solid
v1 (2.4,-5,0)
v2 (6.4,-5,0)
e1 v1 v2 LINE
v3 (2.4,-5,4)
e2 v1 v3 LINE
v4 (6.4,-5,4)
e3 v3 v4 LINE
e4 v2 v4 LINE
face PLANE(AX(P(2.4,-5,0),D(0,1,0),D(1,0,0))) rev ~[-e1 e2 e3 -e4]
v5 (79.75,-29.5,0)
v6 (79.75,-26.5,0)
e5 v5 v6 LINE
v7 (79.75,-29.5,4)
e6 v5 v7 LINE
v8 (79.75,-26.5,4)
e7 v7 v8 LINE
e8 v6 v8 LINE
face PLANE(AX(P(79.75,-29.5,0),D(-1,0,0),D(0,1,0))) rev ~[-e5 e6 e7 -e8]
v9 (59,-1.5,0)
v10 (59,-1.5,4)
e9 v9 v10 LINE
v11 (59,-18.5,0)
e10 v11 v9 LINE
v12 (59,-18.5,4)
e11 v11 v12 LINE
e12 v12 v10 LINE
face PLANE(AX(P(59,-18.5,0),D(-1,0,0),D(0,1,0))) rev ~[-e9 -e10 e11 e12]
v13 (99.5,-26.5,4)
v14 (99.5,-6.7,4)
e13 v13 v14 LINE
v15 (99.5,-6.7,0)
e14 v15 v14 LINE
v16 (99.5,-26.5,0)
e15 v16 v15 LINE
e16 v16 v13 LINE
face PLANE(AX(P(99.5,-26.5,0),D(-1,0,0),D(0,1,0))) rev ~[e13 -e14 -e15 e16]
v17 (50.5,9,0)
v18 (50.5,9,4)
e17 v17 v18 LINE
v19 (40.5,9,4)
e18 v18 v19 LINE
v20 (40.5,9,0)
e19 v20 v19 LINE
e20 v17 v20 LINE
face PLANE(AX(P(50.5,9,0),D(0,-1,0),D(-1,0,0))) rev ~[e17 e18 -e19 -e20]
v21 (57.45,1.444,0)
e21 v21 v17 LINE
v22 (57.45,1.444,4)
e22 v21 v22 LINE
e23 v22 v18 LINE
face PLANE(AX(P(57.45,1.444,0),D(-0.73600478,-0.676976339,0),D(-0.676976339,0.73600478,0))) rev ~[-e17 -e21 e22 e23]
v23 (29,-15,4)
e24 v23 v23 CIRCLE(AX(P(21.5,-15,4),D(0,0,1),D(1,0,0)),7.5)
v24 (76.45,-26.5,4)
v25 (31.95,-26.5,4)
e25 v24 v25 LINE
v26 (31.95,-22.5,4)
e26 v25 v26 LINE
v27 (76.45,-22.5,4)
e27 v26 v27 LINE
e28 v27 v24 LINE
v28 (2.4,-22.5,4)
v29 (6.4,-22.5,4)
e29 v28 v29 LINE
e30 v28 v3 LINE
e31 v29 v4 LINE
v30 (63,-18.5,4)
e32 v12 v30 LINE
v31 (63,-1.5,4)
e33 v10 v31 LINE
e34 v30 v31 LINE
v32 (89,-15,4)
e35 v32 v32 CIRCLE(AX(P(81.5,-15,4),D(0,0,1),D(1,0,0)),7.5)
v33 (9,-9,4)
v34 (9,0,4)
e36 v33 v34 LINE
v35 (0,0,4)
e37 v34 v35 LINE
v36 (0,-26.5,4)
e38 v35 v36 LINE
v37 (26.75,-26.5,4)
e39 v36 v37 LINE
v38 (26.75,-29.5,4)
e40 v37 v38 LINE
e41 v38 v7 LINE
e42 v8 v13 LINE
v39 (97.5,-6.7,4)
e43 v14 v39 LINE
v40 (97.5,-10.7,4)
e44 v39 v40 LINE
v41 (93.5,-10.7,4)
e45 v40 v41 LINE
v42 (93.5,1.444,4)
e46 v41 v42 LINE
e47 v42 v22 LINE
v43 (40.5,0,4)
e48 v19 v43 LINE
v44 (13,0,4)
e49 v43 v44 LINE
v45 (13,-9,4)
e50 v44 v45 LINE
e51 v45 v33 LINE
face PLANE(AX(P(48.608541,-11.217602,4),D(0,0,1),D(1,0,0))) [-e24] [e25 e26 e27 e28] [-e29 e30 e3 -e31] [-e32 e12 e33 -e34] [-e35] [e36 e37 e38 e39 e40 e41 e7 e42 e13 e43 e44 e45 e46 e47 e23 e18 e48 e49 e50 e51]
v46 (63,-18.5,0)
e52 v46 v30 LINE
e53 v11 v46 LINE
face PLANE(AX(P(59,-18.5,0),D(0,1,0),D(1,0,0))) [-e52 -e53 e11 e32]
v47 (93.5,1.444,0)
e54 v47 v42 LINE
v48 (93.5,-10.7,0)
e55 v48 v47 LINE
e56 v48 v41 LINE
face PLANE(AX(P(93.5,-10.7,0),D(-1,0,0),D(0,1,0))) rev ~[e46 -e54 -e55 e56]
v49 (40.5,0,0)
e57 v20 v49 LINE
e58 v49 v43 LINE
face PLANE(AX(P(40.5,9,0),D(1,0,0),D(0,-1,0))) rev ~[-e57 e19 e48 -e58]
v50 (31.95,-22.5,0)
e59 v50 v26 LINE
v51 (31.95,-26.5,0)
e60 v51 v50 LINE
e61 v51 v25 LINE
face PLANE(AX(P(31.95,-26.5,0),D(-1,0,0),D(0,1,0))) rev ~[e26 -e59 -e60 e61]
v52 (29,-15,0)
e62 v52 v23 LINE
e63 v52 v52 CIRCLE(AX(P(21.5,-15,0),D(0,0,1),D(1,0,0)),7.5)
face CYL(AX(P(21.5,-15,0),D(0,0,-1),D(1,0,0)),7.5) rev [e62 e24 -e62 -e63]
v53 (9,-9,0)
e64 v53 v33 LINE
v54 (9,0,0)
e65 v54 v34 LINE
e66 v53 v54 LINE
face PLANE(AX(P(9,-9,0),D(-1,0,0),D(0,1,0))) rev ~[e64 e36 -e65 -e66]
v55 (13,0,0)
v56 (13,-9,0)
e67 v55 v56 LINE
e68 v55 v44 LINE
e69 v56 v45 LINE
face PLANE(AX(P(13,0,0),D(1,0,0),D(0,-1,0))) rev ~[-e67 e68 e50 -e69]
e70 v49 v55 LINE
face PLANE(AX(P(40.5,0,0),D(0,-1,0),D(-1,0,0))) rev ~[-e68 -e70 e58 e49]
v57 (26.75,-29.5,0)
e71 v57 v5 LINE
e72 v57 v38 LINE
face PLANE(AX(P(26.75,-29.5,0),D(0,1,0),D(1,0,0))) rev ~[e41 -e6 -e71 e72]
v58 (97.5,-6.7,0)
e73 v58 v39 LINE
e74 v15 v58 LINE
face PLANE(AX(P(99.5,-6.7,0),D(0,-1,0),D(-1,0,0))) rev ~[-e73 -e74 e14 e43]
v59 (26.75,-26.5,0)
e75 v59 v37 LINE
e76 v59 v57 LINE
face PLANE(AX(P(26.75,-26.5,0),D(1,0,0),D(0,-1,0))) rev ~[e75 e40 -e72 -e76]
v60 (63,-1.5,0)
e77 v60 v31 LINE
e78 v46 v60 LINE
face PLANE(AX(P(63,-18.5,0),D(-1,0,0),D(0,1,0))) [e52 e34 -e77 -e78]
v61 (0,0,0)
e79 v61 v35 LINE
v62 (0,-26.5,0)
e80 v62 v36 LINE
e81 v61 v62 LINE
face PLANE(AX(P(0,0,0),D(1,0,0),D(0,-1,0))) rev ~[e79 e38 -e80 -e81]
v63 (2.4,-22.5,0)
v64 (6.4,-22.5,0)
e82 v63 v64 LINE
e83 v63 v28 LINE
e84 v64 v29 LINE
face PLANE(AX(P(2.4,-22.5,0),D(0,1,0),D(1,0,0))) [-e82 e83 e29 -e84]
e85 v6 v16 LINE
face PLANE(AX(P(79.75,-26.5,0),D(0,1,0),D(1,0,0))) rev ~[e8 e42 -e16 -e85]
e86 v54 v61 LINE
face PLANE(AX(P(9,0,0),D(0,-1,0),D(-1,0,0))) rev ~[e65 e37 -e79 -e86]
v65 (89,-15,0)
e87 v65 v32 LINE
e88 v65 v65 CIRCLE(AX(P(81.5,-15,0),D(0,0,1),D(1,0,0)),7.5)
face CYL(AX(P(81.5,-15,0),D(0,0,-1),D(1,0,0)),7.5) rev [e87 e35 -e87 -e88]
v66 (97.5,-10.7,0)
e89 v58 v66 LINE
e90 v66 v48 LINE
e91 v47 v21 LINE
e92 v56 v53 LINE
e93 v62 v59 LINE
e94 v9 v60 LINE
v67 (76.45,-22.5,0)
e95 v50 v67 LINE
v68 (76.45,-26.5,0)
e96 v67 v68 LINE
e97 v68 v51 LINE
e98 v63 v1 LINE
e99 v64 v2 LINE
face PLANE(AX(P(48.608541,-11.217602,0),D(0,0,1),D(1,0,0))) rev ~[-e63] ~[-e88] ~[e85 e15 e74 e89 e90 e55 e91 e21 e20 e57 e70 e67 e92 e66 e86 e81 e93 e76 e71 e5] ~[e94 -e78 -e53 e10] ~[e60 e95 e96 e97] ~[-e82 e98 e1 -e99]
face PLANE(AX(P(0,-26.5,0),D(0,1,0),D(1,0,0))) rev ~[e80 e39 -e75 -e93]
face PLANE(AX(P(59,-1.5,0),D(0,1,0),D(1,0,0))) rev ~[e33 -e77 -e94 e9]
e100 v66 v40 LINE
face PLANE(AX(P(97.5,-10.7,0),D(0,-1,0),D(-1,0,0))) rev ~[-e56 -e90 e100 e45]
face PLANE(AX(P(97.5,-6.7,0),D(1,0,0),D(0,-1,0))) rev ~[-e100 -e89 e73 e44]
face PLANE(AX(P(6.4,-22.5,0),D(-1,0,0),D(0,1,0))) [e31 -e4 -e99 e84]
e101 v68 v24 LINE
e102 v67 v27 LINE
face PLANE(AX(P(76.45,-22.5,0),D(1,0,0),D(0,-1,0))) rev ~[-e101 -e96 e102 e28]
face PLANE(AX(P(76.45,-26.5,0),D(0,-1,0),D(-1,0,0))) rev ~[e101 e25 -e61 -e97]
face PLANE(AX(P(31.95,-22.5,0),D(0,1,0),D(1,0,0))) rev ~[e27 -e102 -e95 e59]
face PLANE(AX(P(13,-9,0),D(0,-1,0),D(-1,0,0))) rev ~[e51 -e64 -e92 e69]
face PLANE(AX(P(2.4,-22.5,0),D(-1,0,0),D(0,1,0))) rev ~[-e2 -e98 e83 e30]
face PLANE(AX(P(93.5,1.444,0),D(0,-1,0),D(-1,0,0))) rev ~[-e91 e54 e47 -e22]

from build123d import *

# Parameters (mm, degrees)
F0_W     = 4
F0_H     = 17.5
F0_R     = 7.5
F0_H_2   = 17
F1_DEPTH = 4


with BuildPart() as f1:
    # F0 (on Top) → F1 (new body)
    with BuildSketch(Plane.XY):
        Polygon((9, 0), (0, 0), (0, -26.5), (26.75, -26.5), (31.95, -26.5), (31.95, -22.5), (76.45, -22.5), (76.45, -26.5), (79.75, -26.5), (99.5, -26.5), (99.5, -6.7), (97.5, -6.7), (97.5, -10.7), (93.5, -10.7), (93.5, 1.444), (57.45, 1.444), (50.5, 9), (40.5, 9), (40.5, 0), (13, 0), (13, -9), (9, -9), align=None)
        with Locations((4.4, -13.75)):
            Rectangle(F0_W, F0_H, mode=Mode.SUBTRACT)
        with Locations((21.5, -15)):
            Circle(F0_R, mode=Mode.SUBTRACT)
        with Locations((81.5, -15)):
            Circle(F0_R, mode=Mode.SUBTRACT)
        with Locations((61, -10)):
            Rectangle(F0_W, F0_H_2, mode=Mode.SUBTRACT)
        Polygon((31.95, -26.5), (26.75, -26.5), (26.75, -29.5), (79.75, -29.5), (79.75, -26.5), (76.45, -26.5), align=None)
    extrude(amount=F1_DEPTH)


solid = f1.part
